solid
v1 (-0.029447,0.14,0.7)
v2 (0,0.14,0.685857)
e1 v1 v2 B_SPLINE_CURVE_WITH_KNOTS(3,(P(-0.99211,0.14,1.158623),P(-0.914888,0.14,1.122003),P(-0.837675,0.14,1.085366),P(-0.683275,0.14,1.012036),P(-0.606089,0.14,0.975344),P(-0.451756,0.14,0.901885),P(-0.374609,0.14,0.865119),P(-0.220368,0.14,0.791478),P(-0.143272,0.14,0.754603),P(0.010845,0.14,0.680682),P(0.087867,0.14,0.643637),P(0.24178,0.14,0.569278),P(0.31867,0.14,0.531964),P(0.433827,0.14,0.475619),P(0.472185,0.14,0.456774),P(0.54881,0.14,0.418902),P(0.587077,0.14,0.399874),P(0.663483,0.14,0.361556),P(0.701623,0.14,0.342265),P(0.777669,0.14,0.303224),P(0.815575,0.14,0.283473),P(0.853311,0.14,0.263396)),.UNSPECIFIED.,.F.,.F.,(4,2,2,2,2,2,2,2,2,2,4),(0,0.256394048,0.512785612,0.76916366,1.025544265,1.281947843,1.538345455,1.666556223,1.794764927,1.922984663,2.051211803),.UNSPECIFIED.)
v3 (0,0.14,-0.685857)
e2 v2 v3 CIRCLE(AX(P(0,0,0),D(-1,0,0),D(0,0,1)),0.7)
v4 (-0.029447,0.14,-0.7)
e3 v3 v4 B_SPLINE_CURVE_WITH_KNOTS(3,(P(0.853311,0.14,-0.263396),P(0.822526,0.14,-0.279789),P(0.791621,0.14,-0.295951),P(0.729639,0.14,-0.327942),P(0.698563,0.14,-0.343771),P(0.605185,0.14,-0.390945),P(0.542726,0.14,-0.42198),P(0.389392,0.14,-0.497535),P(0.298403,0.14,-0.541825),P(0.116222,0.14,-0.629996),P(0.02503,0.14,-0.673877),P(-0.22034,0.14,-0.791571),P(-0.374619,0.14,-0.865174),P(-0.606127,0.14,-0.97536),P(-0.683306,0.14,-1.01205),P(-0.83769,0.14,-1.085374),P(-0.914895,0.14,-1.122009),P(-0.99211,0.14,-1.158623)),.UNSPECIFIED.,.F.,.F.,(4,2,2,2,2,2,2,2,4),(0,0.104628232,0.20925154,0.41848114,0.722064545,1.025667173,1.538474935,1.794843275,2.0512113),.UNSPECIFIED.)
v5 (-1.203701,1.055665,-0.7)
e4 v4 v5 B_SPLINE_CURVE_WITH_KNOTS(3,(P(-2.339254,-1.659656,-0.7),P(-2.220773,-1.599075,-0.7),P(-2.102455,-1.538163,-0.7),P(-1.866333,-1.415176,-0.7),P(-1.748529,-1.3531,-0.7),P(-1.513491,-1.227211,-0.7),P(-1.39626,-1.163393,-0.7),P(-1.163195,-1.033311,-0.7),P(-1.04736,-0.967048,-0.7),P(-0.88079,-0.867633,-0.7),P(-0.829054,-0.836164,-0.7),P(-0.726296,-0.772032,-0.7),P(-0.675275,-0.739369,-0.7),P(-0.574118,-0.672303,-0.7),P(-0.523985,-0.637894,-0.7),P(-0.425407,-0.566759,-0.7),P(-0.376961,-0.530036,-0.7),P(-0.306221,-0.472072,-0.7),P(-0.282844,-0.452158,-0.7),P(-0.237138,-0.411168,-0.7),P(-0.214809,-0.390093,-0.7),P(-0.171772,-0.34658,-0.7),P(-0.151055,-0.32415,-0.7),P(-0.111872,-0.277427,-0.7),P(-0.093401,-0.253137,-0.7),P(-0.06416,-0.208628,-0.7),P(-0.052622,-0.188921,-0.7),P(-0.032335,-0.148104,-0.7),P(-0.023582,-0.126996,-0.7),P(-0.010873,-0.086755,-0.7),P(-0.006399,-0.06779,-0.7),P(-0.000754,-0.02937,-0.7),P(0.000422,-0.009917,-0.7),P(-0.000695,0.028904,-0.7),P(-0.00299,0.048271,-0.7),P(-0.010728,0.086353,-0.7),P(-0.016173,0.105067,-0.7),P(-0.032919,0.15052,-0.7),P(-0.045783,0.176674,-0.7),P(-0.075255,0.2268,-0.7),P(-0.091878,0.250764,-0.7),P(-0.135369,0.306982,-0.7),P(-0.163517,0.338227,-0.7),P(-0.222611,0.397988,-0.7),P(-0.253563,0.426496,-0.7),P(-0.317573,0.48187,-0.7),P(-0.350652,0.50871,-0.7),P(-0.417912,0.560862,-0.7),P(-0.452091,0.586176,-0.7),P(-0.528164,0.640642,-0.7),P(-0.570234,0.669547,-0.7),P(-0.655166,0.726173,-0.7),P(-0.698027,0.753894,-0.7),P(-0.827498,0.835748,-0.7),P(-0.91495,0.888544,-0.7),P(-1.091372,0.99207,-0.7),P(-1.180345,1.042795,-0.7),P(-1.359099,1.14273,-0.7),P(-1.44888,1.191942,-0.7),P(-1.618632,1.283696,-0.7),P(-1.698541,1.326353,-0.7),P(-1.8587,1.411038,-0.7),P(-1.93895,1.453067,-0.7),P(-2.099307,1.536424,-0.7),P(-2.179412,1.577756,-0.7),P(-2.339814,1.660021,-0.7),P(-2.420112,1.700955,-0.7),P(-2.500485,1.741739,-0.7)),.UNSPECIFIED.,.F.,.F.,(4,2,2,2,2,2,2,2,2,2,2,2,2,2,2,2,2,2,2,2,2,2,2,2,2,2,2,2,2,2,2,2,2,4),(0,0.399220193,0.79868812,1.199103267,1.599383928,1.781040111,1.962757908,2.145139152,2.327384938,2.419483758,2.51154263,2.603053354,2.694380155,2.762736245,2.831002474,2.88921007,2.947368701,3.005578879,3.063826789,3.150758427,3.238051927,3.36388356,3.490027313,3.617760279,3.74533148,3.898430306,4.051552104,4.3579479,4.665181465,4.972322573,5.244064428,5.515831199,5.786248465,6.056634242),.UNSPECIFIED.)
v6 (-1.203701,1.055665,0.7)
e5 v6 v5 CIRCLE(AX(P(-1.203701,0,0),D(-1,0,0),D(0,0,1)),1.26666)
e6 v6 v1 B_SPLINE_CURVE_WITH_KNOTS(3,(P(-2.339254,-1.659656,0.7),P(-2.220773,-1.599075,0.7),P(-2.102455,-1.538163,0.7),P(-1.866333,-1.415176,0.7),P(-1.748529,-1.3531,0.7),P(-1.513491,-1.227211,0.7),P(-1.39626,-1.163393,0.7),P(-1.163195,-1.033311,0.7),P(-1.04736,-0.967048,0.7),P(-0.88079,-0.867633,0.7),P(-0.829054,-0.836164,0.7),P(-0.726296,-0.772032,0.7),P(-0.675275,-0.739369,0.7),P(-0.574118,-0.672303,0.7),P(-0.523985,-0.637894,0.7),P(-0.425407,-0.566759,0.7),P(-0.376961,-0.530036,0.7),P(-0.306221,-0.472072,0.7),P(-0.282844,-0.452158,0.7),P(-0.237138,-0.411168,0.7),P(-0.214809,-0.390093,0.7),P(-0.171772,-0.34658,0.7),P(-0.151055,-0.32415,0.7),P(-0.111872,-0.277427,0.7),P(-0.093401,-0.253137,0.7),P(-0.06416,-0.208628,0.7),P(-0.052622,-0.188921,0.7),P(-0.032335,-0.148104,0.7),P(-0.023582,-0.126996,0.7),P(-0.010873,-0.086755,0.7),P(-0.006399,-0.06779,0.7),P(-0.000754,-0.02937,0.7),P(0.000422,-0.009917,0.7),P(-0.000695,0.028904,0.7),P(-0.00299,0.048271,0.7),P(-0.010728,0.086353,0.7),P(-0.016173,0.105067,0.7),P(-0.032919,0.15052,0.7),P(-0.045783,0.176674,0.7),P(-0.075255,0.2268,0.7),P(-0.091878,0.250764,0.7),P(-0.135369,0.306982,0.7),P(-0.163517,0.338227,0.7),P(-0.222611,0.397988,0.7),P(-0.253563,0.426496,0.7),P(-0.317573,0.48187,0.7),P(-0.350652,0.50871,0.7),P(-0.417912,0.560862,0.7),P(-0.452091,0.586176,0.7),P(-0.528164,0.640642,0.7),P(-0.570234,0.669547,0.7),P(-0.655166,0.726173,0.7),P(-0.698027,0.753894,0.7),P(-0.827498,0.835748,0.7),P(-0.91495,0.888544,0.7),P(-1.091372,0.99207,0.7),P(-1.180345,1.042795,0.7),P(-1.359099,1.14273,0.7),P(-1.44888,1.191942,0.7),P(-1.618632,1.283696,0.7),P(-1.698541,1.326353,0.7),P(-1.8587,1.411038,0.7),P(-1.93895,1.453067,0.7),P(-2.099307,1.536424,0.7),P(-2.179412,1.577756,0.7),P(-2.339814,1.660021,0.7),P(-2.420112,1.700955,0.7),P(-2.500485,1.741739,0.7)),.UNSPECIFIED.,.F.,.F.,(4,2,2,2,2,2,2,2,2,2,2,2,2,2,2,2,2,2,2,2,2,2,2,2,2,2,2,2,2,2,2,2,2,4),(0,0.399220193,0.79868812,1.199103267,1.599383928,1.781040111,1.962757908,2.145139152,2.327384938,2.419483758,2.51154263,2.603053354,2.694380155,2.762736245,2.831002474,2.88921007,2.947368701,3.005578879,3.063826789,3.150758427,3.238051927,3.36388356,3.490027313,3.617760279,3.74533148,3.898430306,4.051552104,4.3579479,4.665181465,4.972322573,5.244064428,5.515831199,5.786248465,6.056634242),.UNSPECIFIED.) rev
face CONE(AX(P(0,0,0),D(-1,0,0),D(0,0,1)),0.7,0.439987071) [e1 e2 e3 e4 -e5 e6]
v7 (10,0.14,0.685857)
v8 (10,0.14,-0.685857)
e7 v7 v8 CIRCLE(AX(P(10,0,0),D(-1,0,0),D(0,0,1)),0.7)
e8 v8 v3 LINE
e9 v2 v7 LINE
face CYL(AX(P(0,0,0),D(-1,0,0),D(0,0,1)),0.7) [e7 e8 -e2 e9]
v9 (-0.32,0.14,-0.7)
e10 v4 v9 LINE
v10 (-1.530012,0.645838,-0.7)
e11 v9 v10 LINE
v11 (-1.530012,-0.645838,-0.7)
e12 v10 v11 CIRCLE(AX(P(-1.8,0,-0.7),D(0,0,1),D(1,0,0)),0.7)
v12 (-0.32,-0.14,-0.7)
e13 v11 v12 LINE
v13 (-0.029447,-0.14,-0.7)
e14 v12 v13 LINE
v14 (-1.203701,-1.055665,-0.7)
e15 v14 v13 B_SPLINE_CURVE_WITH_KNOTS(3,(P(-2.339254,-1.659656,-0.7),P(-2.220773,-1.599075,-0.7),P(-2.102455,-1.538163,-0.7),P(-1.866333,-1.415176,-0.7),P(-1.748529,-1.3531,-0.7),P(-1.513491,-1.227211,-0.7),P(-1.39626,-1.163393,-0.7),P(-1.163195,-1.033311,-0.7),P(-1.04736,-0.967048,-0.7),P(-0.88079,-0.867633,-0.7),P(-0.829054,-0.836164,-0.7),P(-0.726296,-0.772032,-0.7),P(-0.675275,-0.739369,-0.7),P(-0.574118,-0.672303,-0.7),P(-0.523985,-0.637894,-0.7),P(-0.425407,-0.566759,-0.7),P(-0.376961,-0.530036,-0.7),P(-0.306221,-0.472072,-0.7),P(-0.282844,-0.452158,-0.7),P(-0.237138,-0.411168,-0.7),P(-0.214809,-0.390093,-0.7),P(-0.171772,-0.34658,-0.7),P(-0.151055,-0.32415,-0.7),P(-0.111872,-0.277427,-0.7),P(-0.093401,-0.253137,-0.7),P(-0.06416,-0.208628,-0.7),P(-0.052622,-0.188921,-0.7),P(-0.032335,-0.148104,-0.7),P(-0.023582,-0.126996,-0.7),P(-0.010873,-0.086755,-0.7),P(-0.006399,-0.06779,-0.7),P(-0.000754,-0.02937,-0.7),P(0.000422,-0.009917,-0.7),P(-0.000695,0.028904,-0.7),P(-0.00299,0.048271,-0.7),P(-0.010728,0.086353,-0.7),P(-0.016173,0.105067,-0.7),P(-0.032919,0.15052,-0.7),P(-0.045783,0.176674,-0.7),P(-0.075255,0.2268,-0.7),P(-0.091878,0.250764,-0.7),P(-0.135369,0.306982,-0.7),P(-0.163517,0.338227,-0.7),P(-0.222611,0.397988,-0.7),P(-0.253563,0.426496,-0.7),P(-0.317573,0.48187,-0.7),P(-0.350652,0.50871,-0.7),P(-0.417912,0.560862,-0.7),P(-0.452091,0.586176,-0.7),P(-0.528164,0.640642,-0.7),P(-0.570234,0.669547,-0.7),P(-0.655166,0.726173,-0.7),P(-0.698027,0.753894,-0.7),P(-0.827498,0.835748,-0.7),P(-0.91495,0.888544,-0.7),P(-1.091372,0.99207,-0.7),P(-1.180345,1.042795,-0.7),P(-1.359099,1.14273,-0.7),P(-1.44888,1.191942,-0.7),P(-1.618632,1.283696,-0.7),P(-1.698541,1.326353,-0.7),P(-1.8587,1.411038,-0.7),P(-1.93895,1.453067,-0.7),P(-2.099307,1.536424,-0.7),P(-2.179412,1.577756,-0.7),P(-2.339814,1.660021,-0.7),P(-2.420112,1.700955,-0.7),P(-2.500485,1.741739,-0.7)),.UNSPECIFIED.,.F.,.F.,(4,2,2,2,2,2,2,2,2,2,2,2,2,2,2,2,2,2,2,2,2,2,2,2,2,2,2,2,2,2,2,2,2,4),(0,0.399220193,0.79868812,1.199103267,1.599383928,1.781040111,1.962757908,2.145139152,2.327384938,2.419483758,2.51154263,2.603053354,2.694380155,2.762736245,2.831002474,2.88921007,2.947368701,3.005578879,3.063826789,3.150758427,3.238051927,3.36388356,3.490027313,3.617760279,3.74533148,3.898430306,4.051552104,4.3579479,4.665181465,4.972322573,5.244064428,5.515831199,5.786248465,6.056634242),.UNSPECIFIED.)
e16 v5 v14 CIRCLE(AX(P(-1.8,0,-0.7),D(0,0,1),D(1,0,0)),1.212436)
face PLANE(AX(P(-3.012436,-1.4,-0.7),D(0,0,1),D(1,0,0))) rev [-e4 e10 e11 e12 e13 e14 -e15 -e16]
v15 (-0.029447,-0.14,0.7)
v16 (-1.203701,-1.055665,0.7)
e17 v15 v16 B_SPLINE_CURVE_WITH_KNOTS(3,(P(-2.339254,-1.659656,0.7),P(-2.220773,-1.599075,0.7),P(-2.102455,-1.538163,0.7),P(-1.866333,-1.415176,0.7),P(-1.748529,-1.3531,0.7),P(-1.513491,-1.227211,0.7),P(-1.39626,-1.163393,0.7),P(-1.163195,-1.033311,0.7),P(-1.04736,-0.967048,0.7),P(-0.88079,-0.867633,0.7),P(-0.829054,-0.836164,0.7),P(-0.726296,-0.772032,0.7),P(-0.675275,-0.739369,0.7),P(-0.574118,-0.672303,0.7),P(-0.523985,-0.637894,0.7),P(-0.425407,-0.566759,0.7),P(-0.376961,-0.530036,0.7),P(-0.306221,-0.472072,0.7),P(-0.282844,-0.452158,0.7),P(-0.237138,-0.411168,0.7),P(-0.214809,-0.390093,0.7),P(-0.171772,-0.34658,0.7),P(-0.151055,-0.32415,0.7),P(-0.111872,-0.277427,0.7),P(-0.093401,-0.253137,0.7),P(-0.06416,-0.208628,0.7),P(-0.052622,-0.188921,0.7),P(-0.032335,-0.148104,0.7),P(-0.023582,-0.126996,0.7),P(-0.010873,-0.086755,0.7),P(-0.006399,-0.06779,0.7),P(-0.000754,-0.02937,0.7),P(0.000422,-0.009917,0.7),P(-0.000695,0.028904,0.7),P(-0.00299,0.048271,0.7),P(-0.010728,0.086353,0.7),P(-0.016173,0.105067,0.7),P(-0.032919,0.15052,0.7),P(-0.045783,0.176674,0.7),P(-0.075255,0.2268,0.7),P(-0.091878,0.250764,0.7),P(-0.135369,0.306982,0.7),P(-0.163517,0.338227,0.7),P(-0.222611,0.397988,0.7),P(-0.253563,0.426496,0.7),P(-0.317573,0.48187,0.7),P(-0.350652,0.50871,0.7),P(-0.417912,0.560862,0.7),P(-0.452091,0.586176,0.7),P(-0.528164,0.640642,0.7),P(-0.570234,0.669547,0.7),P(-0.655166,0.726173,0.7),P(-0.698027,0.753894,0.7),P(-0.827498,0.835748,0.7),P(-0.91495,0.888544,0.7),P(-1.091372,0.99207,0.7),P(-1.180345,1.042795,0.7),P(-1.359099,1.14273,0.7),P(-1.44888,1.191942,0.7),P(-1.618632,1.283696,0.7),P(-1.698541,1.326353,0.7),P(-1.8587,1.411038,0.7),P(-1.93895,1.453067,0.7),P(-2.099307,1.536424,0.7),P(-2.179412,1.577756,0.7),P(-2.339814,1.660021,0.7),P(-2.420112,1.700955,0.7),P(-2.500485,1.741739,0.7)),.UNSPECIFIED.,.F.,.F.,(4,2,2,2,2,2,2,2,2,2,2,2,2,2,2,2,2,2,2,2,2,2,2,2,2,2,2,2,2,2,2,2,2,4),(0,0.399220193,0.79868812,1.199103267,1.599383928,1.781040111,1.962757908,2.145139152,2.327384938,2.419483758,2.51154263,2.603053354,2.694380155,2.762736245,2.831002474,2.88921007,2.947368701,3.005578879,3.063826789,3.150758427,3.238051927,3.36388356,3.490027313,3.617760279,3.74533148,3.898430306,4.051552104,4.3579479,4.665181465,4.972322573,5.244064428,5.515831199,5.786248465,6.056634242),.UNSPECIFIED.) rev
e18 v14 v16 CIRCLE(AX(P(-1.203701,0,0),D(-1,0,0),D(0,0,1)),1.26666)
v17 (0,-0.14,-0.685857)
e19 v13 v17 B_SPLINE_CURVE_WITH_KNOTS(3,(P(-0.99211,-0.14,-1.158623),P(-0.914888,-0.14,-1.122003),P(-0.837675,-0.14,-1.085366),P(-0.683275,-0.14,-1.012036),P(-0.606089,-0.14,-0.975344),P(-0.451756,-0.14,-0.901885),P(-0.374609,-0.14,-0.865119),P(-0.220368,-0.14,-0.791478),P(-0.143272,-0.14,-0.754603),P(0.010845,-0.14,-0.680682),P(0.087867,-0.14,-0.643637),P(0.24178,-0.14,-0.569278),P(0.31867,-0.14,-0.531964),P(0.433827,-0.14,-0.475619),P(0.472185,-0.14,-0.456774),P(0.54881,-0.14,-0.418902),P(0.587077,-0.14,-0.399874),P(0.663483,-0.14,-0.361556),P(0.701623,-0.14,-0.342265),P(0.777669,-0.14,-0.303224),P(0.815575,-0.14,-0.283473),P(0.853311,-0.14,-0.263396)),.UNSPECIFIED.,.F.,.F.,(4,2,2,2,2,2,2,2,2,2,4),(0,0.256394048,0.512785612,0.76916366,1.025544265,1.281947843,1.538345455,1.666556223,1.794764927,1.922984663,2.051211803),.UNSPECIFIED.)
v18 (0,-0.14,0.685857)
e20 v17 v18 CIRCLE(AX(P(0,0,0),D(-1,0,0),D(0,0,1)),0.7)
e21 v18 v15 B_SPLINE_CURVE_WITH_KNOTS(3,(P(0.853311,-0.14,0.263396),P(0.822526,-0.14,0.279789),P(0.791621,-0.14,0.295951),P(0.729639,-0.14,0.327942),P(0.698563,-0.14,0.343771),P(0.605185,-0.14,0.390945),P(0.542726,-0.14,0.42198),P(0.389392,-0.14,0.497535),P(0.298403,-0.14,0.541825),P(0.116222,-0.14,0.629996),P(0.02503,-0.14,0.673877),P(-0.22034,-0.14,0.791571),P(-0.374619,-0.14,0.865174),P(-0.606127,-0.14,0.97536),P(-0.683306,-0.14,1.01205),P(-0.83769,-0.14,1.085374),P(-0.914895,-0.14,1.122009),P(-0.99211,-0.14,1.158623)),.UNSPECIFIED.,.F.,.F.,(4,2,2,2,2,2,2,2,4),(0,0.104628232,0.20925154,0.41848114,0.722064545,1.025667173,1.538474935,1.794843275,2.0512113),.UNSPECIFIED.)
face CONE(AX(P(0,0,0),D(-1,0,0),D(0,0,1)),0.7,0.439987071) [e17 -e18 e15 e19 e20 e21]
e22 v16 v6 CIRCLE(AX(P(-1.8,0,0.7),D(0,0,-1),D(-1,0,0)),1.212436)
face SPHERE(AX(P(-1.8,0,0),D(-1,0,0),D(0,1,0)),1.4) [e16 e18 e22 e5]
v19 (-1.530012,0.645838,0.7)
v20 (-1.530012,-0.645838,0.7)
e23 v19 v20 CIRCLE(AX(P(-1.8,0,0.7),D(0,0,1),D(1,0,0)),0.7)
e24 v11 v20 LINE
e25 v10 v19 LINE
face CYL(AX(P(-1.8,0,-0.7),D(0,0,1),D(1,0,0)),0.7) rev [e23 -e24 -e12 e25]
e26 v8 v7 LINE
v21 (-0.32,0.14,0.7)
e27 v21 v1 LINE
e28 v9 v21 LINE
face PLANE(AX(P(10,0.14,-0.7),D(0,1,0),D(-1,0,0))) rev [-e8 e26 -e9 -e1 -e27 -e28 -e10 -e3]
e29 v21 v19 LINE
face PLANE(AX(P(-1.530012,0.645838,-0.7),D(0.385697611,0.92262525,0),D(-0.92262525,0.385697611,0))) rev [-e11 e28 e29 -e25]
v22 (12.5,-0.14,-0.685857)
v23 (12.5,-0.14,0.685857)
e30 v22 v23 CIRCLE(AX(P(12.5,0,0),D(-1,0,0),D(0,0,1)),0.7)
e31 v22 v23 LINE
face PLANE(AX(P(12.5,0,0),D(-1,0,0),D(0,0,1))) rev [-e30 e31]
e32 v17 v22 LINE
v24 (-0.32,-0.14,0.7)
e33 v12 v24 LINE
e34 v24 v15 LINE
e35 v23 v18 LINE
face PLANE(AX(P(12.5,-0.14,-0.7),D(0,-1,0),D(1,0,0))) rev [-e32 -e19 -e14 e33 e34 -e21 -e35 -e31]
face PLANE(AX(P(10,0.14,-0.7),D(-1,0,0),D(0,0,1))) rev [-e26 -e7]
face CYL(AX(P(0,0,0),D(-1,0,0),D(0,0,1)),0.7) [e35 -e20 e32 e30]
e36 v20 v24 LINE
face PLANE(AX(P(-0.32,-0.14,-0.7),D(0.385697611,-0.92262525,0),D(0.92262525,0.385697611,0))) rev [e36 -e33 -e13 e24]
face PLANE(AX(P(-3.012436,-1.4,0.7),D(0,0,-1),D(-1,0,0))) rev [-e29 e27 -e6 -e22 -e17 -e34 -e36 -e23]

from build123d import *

# Parameters (mm, degrees)
CUT_EXTRUDE1_DEPTH      = 13.655828697
CUT_EXTRUDE1_DEPTH_BACK = 13.655828697
CUT_EXTRUDE2_DEPTH      = 13.597618823
CUT_EXTRUDE2_DEPTH_BACK = 13.597618823


with BuildPart() as part:
    # Sketch1 → Revolve1 (revolve)
    with BuildSketch(Plane.XY, mode=Mode.PRIVATE) as revolve1_sk:
        with BuildLine():
            Line((0, 0.7), (-1.203701126, 1.266660038))
            ThreePointArc((-1.203701126, 1.266660038), (-2.550060523, 1.182120642), (-3.2, 0))
            Line((-3.2, 0), (12.5, 0))
            Line((12.5, 0), (12.5, 0.7))
            Line((12.5, 0.7), (0, 0.7))
        make_face()
    revolve(revolve1_sk.sketch.rotate(Axis((0, 0, 0), (1, 0, 0)), 90), axis=Axis((0, 0, 0), (1, 0, 0)))

    # Sketch2 → Cut-Extrude1 (cut, two sides: drawn at the far end of the back side and taken through both)
    with BuildSketch(Plane(origin=(0, 0, 0), x_dir=(1, 0, 0), z_dir=(0, 1, 0)).offset(-CUT_EXTRUDE1_DEPTH_BACK)):
        with BuildLine():
            Line((-3.012435565, 0.7), (0, 0.7))
            Line((0, 0.7), (-1.203701126, 1.266660038))
            ThreePointArc((-1.203701126, 1.266660038), (-2.218547495, 1.335970806), (-3.012435565, 0.7))
        make_face()
        with BuildLine():
            Line((-3.012435565, -0.7), (0, -0.7))
            Line((0, -0.7), (-1.203701126, -1.266660038))
            ThreePointArc((-1.203701126, -1.266660038), (-2.218547495, -1.335970806), (-3.012435565, -0.7))
        make_face()
    extrude(amount=CUT_EXTRUDE1_DEPTH + CUT_EXTRUDE1_DEPTH_BACK, mode=Mode.SUBTRACT)

    # Sketch3 → Cut-Extrude2 (cut, two sides: drawn at the far end of the back side and taken through both)
    with BuildSketch(Plane.XY.offset(-CUT_EXTRUDE2_DEPTH_BACK)):
        with BuildLine():
            Line((-1.530011672, 0.645837675), (-0.32, 0.14))
            Line((-0.32, 0.14), (10, 0.14))
            Line((10, 0.14), (10, 0.7))
            Line((10, 0.7), (12.5, 0.7))
            Line((12.5, 0.7), (12.5, -0.14))
            Line((12.5, -0.14), (-0.32, -0.14))
            Line((-0.32, -0.14), (-1.530011672, -0.645837675))
            ThreePointArc((-1.530011672, -0.645837675), (-2.5, 0), (-1.530011672, 0.645837675))
        make_face()
    extrude(amount=CUT_EXTRUDE2_DEPTH + CUT_EXTRUDE2_DEPTH_BACK, mode=Mode.SUBTRACT)


solid = part.part
